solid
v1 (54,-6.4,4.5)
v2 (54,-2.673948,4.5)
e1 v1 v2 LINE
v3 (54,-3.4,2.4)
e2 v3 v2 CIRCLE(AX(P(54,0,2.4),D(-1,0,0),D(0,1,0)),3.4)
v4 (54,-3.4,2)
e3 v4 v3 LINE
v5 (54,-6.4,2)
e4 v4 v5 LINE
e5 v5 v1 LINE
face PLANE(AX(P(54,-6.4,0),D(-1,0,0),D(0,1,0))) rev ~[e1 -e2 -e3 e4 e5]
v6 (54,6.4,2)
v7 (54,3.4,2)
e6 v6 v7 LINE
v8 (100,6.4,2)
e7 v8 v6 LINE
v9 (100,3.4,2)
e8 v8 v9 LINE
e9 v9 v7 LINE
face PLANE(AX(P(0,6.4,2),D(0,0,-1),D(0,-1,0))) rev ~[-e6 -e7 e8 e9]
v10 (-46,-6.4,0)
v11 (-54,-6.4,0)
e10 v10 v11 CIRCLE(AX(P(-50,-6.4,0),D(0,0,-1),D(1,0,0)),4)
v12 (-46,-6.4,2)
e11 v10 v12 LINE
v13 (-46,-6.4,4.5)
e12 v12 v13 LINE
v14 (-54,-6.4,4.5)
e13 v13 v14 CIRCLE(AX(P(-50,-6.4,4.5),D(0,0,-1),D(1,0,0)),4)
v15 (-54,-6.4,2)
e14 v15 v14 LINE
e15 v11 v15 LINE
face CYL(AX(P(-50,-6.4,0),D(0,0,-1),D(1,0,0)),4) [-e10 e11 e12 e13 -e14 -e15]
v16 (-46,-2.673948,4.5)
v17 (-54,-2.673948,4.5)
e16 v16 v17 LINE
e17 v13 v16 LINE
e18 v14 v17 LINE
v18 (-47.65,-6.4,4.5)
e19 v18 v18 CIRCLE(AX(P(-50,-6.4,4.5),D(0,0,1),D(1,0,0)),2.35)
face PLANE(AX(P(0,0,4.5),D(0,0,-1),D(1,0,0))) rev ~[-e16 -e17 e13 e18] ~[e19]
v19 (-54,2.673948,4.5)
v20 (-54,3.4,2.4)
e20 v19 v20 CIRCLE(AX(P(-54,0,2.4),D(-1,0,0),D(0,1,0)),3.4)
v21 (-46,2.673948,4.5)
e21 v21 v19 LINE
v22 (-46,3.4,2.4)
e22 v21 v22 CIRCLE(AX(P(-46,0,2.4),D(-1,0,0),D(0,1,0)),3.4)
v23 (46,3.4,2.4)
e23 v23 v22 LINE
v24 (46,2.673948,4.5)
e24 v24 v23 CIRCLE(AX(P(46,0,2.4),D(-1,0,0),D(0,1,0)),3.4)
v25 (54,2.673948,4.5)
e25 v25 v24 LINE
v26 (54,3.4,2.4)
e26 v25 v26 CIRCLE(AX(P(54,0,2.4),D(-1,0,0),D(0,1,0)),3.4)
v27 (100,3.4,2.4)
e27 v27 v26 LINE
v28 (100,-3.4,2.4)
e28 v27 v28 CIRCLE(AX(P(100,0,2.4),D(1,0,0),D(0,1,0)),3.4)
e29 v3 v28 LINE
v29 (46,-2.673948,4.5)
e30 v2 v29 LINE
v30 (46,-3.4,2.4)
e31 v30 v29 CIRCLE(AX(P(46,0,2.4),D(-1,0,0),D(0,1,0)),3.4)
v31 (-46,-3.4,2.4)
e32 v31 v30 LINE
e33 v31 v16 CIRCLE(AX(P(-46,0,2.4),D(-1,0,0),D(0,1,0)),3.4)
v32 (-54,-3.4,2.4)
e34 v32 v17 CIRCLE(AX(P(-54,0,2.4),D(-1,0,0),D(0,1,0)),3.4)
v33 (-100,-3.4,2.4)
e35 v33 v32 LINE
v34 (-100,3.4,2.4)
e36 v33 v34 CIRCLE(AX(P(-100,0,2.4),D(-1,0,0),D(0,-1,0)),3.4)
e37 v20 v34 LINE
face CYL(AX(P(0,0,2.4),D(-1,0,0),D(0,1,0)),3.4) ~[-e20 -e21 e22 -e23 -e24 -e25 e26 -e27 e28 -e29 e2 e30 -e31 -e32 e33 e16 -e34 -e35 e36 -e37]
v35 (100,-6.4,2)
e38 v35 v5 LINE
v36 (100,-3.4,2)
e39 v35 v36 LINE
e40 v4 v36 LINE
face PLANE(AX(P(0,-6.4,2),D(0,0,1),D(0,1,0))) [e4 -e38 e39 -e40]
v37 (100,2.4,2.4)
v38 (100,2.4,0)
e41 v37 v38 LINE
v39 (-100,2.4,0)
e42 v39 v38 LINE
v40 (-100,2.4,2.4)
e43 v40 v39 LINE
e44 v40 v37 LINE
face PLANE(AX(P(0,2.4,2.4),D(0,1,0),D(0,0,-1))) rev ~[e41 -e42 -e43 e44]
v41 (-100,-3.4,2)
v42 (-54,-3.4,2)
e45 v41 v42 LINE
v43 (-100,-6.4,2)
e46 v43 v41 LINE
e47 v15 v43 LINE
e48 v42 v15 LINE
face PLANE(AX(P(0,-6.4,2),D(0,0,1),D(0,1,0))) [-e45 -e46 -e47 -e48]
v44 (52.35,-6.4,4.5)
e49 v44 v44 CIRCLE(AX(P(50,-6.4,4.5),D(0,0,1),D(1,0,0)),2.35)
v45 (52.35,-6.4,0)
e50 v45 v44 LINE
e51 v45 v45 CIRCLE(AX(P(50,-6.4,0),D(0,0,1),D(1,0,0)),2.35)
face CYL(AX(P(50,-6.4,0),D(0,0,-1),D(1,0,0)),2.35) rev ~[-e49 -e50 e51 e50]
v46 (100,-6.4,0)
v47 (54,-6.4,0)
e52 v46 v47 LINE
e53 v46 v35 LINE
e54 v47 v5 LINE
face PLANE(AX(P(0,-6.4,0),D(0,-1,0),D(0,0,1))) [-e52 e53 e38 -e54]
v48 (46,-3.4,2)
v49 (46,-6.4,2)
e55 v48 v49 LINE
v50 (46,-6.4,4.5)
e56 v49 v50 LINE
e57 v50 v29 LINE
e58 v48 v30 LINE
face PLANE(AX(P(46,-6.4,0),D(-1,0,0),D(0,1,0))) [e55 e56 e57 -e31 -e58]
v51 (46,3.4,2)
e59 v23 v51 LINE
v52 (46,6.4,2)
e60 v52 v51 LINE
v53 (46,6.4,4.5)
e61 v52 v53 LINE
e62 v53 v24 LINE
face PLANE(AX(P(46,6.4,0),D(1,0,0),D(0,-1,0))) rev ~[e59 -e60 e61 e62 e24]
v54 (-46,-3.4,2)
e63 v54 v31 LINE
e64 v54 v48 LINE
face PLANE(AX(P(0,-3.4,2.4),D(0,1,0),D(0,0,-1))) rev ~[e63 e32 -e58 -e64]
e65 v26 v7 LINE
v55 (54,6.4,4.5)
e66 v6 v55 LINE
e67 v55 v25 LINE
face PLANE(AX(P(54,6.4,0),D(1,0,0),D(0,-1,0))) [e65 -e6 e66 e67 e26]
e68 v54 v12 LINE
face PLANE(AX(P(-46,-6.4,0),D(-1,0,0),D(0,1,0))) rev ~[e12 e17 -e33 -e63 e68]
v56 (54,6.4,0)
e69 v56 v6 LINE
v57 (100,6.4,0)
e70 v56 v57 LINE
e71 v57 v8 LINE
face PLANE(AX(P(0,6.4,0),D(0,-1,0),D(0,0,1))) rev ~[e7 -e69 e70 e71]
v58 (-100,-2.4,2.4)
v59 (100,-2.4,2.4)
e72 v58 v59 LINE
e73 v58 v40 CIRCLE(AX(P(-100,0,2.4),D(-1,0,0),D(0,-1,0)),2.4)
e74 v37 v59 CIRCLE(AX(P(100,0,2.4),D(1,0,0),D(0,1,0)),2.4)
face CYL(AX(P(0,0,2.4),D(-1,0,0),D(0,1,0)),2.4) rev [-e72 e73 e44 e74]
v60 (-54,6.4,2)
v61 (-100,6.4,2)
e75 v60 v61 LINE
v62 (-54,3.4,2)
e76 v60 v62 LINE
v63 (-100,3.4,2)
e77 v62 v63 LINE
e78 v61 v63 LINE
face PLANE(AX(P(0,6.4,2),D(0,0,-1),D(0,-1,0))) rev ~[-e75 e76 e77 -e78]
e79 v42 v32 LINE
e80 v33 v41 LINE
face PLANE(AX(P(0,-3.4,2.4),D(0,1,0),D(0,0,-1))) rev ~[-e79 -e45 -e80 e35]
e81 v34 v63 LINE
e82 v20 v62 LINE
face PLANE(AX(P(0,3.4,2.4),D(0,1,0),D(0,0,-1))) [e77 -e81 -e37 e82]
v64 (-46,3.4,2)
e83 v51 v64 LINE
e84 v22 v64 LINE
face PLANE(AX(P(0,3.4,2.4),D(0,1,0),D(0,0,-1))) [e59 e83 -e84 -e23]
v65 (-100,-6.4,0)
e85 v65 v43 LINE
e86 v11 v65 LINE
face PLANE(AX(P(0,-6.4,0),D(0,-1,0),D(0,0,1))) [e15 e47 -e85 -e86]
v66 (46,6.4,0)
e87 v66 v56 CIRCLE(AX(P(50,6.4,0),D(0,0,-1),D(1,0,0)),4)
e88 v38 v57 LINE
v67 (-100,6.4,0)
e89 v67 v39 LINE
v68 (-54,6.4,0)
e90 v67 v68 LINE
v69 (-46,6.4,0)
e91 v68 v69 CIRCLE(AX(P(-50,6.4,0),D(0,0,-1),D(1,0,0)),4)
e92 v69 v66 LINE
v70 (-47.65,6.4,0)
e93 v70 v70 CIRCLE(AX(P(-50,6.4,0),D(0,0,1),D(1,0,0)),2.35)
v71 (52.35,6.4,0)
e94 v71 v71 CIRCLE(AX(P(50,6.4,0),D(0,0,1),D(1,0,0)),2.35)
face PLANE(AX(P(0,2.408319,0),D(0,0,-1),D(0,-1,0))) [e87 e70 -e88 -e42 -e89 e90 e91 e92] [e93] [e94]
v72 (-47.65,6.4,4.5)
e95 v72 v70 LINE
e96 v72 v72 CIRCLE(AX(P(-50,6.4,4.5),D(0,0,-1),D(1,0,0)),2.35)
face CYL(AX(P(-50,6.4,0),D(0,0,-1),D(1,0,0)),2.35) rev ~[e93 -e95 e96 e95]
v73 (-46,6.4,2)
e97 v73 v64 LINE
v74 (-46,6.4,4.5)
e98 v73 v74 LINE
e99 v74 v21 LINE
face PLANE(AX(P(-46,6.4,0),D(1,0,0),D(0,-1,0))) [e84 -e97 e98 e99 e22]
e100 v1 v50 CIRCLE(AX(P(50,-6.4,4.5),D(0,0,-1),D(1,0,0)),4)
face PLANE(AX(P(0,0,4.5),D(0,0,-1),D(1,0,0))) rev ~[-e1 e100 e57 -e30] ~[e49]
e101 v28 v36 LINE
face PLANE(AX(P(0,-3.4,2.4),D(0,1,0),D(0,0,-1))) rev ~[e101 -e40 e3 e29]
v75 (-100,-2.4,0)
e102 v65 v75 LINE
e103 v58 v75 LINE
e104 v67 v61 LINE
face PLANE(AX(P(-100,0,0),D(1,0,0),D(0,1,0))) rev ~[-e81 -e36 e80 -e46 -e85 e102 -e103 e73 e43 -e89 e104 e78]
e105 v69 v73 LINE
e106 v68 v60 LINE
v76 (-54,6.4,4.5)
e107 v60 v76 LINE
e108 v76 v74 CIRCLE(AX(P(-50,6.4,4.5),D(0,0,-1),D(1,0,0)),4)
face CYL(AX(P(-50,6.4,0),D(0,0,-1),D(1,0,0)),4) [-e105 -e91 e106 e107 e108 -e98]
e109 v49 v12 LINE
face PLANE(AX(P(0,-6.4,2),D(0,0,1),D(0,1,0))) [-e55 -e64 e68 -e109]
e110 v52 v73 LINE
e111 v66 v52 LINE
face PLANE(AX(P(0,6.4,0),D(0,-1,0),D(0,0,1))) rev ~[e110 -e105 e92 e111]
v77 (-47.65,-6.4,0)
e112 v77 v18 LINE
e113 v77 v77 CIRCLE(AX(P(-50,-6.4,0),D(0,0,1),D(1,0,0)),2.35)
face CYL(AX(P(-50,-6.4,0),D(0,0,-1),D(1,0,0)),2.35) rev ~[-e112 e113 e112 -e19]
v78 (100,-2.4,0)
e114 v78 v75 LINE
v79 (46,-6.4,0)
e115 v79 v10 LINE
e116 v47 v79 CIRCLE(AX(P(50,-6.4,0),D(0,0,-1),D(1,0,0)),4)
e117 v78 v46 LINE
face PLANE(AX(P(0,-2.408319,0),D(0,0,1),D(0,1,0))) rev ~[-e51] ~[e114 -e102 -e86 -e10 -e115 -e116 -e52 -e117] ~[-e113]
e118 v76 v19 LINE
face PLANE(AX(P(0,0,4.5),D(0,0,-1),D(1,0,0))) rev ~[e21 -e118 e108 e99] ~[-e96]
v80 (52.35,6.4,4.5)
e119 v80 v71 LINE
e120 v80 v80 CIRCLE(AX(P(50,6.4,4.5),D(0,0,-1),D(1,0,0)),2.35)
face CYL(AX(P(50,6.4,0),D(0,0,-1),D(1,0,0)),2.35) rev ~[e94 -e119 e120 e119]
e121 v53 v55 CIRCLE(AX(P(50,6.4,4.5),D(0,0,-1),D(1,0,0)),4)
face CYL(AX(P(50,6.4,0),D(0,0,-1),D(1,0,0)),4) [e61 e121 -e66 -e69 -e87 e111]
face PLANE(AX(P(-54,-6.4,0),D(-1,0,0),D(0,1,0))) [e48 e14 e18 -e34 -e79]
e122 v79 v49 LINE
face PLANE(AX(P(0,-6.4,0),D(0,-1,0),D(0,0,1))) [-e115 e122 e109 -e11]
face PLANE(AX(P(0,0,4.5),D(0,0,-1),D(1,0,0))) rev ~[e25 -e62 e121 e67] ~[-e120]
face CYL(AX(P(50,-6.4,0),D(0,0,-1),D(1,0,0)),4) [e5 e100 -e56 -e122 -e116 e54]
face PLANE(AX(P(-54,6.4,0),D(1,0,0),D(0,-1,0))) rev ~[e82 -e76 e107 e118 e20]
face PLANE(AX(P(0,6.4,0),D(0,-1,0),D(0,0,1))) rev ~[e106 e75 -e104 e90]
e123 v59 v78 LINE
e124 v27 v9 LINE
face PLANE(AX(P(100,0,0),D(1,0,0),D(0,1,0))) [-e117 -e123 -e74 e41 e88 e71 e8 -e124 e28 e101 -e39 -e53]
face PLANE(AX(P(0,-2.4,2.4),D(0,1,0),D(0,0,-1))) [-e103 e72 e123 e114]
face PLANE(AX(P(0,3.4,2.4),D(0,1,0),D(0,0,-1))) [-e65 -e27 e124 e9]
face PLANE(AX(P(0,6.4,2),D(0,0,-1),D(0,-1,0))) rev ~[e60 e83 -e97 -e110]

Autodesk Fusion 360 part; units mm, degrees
sketch "Sketch1" plane through (0, 0, 0) normal (1, 0, 0) x (0, 1, 0) in component "CAN_Cable_Cover"
  circle A0 centre (0, 2.4) radius 2.4
  line L0 (-2.4, 2.4) -> (-2.4, 0)
  line L1 (0, 2.5) -> (0, 20)
  line L2 (2.4, 2.4) -> (2.4, 0)
  circle A1 centre (0, 2.4) radius 3.4
  line L3 (-3.4, 2.4) -> (-3.4, 0)
  line L4 (-3.4, 0) -> (-2.4, 0)
  line L5 (3.4, 2.4) -> (3.4, 0)
  line L6 (3.4, 0) -> (2.4, 0)
  line L7 (-3.4, 0) -> (-6.4, 0)
  line L8 (-6.4, 0) -> (-6.4, 2)
  line L9 (-6.4, 2) -> (-3.4, 2)
  line L10 (-3.4, 2) -> (-3.4, 0)
  line L11 (6.4, 2) -> (3.4, 2)
  line L12 (6.4, 0) -> (6.4, 2)
  line L13 (3.4, 0) -> (6.4, 0)
  line L14 (3.4, 2) -> (3.4, 0)
  dimension "d1" = 4.8
  dimension "d2" = 1
  dimension "d5" = 3
  dimension "d6" = 2
extrude "Extrude1" add sketch "Sketch1" along normal mid plane 200 contours A0 L0 L1 A1 L4 | A0 L1 L2 A1 L6 | A1 L3 L4 L10 | A1 L5 L6 L14 | L3 L7 L8 L9 L10 | L5 L11 L12 L13 L14 in component "CAN_Cable_Cover"
sketch "Sketch2" plane through (0, 0, 0) normal (0, 0, -1) x (1, 0, 0) in component "CAN_Cable_Cover"
  line L0 (-100, 2.4) -> (100, 2.4)
  line L1 (100, 2.4) -> (100, 6.4)
  line L2 (100, 6.4) -> (-100, 6.4)
  line L3 (-100, 6.4) -> (-100, 2.4)
  circle A0 centre (-50, 6.4) radius 4
  line L4 (0, -1.75) -> (0, -22.5)
  circle A1 centre (-50, 6.4) radius 2.35
  line L5 (-46, 6.4) -> (-46, 2.4)
  line L6 (-46, 2.4) -> (-50, 2.4)
  line L7 (-54, 6.4) -> (-54, 2.4)
  line L8 (-54, 2.4) -> (-50, 2.4)
  line L9 (1.75, 0) -> (22.5, 0)
  circle A2 centre (-50, -6.4) radius 4
  circle A3 centre (-50, -6.4) radius 2.35
  line L10 (-54, -6.4) -> (-54, -2.4)
  line L11 (-54, -2.4) -> (-50, -2.4)
  line L12 (-46, -2.4) -> (-50, -2.4)
  line L13 (-46, -6.4) -> (-46, -2.4)
  line L14 (46, -2.4) -> (50, -2.4)
  line L15 (54, 6.4) -> (54, 2.4)
  line L16 (54, 2.4) -> (50, 2.4)
  line L17 (46, 6.4) -> (46, 2.4)
  circle A4 centre (50, 6.4) radius 4
  circle A5 centre (50, -6.4) radius 4
  line L18 (54, -6.4) -> (54, -2.4)
  circle A6 centre (50, -6.4) radius 2.35
  line L19 (46, -6.4) -> (46, -2.4)
  circle A7 centre (50, 6.4) radius 2.35
  line L20 (54, -2.4) -> (50, -2.4)
  line L21 (46, 2.4) -> (50, 2.4)
  dimension "d7" = 8
  dimension "d8" = 50
  dimension "d9" = 4.7
extrude "Extrude2" add sketch "Sketch2" against normal blind 4.5 contours L0 A0 L7 L8 | L0 A0 L5 L6 | L2 A0 A1 | L2 A0 A1 | L0 L17 A4 L21 | L2 A4 A7 | L2 A4 A7 | L0 L15 L16 A4 | A2 | A2 L12 L13 | A2 L10 L11 | L14 A5 L19 | A5 L18 L20 | A5 in component "CAN_Cable_Cover"
extrude "Extrude3" cut sketch "Sketch2" against normal blind 16 contours L2 A1 | L2 A7 | A3 | A6 picked at (-50.2862, 5.6708) picked at (49.2594, 5.8292) in component "CAN_Cable_Cover"
component "CAN_Cable_Cover" placed x (1, 0, 0) y (0, 1, 0) z (0, 0, 1) at (0, 0, 0)
equation "d1 = cable_dia"
equation "d2 = tube_thick"
equation "d3 = length"
equation "d4 = 0deg 0'"
equation "d11 = 0deg 0'"
equation "d13 = 0deg 0'"
equation "length = 200 mm"
equation "cable_dia = 4.8 mm"
equation "tube_thick = 1 mm"
